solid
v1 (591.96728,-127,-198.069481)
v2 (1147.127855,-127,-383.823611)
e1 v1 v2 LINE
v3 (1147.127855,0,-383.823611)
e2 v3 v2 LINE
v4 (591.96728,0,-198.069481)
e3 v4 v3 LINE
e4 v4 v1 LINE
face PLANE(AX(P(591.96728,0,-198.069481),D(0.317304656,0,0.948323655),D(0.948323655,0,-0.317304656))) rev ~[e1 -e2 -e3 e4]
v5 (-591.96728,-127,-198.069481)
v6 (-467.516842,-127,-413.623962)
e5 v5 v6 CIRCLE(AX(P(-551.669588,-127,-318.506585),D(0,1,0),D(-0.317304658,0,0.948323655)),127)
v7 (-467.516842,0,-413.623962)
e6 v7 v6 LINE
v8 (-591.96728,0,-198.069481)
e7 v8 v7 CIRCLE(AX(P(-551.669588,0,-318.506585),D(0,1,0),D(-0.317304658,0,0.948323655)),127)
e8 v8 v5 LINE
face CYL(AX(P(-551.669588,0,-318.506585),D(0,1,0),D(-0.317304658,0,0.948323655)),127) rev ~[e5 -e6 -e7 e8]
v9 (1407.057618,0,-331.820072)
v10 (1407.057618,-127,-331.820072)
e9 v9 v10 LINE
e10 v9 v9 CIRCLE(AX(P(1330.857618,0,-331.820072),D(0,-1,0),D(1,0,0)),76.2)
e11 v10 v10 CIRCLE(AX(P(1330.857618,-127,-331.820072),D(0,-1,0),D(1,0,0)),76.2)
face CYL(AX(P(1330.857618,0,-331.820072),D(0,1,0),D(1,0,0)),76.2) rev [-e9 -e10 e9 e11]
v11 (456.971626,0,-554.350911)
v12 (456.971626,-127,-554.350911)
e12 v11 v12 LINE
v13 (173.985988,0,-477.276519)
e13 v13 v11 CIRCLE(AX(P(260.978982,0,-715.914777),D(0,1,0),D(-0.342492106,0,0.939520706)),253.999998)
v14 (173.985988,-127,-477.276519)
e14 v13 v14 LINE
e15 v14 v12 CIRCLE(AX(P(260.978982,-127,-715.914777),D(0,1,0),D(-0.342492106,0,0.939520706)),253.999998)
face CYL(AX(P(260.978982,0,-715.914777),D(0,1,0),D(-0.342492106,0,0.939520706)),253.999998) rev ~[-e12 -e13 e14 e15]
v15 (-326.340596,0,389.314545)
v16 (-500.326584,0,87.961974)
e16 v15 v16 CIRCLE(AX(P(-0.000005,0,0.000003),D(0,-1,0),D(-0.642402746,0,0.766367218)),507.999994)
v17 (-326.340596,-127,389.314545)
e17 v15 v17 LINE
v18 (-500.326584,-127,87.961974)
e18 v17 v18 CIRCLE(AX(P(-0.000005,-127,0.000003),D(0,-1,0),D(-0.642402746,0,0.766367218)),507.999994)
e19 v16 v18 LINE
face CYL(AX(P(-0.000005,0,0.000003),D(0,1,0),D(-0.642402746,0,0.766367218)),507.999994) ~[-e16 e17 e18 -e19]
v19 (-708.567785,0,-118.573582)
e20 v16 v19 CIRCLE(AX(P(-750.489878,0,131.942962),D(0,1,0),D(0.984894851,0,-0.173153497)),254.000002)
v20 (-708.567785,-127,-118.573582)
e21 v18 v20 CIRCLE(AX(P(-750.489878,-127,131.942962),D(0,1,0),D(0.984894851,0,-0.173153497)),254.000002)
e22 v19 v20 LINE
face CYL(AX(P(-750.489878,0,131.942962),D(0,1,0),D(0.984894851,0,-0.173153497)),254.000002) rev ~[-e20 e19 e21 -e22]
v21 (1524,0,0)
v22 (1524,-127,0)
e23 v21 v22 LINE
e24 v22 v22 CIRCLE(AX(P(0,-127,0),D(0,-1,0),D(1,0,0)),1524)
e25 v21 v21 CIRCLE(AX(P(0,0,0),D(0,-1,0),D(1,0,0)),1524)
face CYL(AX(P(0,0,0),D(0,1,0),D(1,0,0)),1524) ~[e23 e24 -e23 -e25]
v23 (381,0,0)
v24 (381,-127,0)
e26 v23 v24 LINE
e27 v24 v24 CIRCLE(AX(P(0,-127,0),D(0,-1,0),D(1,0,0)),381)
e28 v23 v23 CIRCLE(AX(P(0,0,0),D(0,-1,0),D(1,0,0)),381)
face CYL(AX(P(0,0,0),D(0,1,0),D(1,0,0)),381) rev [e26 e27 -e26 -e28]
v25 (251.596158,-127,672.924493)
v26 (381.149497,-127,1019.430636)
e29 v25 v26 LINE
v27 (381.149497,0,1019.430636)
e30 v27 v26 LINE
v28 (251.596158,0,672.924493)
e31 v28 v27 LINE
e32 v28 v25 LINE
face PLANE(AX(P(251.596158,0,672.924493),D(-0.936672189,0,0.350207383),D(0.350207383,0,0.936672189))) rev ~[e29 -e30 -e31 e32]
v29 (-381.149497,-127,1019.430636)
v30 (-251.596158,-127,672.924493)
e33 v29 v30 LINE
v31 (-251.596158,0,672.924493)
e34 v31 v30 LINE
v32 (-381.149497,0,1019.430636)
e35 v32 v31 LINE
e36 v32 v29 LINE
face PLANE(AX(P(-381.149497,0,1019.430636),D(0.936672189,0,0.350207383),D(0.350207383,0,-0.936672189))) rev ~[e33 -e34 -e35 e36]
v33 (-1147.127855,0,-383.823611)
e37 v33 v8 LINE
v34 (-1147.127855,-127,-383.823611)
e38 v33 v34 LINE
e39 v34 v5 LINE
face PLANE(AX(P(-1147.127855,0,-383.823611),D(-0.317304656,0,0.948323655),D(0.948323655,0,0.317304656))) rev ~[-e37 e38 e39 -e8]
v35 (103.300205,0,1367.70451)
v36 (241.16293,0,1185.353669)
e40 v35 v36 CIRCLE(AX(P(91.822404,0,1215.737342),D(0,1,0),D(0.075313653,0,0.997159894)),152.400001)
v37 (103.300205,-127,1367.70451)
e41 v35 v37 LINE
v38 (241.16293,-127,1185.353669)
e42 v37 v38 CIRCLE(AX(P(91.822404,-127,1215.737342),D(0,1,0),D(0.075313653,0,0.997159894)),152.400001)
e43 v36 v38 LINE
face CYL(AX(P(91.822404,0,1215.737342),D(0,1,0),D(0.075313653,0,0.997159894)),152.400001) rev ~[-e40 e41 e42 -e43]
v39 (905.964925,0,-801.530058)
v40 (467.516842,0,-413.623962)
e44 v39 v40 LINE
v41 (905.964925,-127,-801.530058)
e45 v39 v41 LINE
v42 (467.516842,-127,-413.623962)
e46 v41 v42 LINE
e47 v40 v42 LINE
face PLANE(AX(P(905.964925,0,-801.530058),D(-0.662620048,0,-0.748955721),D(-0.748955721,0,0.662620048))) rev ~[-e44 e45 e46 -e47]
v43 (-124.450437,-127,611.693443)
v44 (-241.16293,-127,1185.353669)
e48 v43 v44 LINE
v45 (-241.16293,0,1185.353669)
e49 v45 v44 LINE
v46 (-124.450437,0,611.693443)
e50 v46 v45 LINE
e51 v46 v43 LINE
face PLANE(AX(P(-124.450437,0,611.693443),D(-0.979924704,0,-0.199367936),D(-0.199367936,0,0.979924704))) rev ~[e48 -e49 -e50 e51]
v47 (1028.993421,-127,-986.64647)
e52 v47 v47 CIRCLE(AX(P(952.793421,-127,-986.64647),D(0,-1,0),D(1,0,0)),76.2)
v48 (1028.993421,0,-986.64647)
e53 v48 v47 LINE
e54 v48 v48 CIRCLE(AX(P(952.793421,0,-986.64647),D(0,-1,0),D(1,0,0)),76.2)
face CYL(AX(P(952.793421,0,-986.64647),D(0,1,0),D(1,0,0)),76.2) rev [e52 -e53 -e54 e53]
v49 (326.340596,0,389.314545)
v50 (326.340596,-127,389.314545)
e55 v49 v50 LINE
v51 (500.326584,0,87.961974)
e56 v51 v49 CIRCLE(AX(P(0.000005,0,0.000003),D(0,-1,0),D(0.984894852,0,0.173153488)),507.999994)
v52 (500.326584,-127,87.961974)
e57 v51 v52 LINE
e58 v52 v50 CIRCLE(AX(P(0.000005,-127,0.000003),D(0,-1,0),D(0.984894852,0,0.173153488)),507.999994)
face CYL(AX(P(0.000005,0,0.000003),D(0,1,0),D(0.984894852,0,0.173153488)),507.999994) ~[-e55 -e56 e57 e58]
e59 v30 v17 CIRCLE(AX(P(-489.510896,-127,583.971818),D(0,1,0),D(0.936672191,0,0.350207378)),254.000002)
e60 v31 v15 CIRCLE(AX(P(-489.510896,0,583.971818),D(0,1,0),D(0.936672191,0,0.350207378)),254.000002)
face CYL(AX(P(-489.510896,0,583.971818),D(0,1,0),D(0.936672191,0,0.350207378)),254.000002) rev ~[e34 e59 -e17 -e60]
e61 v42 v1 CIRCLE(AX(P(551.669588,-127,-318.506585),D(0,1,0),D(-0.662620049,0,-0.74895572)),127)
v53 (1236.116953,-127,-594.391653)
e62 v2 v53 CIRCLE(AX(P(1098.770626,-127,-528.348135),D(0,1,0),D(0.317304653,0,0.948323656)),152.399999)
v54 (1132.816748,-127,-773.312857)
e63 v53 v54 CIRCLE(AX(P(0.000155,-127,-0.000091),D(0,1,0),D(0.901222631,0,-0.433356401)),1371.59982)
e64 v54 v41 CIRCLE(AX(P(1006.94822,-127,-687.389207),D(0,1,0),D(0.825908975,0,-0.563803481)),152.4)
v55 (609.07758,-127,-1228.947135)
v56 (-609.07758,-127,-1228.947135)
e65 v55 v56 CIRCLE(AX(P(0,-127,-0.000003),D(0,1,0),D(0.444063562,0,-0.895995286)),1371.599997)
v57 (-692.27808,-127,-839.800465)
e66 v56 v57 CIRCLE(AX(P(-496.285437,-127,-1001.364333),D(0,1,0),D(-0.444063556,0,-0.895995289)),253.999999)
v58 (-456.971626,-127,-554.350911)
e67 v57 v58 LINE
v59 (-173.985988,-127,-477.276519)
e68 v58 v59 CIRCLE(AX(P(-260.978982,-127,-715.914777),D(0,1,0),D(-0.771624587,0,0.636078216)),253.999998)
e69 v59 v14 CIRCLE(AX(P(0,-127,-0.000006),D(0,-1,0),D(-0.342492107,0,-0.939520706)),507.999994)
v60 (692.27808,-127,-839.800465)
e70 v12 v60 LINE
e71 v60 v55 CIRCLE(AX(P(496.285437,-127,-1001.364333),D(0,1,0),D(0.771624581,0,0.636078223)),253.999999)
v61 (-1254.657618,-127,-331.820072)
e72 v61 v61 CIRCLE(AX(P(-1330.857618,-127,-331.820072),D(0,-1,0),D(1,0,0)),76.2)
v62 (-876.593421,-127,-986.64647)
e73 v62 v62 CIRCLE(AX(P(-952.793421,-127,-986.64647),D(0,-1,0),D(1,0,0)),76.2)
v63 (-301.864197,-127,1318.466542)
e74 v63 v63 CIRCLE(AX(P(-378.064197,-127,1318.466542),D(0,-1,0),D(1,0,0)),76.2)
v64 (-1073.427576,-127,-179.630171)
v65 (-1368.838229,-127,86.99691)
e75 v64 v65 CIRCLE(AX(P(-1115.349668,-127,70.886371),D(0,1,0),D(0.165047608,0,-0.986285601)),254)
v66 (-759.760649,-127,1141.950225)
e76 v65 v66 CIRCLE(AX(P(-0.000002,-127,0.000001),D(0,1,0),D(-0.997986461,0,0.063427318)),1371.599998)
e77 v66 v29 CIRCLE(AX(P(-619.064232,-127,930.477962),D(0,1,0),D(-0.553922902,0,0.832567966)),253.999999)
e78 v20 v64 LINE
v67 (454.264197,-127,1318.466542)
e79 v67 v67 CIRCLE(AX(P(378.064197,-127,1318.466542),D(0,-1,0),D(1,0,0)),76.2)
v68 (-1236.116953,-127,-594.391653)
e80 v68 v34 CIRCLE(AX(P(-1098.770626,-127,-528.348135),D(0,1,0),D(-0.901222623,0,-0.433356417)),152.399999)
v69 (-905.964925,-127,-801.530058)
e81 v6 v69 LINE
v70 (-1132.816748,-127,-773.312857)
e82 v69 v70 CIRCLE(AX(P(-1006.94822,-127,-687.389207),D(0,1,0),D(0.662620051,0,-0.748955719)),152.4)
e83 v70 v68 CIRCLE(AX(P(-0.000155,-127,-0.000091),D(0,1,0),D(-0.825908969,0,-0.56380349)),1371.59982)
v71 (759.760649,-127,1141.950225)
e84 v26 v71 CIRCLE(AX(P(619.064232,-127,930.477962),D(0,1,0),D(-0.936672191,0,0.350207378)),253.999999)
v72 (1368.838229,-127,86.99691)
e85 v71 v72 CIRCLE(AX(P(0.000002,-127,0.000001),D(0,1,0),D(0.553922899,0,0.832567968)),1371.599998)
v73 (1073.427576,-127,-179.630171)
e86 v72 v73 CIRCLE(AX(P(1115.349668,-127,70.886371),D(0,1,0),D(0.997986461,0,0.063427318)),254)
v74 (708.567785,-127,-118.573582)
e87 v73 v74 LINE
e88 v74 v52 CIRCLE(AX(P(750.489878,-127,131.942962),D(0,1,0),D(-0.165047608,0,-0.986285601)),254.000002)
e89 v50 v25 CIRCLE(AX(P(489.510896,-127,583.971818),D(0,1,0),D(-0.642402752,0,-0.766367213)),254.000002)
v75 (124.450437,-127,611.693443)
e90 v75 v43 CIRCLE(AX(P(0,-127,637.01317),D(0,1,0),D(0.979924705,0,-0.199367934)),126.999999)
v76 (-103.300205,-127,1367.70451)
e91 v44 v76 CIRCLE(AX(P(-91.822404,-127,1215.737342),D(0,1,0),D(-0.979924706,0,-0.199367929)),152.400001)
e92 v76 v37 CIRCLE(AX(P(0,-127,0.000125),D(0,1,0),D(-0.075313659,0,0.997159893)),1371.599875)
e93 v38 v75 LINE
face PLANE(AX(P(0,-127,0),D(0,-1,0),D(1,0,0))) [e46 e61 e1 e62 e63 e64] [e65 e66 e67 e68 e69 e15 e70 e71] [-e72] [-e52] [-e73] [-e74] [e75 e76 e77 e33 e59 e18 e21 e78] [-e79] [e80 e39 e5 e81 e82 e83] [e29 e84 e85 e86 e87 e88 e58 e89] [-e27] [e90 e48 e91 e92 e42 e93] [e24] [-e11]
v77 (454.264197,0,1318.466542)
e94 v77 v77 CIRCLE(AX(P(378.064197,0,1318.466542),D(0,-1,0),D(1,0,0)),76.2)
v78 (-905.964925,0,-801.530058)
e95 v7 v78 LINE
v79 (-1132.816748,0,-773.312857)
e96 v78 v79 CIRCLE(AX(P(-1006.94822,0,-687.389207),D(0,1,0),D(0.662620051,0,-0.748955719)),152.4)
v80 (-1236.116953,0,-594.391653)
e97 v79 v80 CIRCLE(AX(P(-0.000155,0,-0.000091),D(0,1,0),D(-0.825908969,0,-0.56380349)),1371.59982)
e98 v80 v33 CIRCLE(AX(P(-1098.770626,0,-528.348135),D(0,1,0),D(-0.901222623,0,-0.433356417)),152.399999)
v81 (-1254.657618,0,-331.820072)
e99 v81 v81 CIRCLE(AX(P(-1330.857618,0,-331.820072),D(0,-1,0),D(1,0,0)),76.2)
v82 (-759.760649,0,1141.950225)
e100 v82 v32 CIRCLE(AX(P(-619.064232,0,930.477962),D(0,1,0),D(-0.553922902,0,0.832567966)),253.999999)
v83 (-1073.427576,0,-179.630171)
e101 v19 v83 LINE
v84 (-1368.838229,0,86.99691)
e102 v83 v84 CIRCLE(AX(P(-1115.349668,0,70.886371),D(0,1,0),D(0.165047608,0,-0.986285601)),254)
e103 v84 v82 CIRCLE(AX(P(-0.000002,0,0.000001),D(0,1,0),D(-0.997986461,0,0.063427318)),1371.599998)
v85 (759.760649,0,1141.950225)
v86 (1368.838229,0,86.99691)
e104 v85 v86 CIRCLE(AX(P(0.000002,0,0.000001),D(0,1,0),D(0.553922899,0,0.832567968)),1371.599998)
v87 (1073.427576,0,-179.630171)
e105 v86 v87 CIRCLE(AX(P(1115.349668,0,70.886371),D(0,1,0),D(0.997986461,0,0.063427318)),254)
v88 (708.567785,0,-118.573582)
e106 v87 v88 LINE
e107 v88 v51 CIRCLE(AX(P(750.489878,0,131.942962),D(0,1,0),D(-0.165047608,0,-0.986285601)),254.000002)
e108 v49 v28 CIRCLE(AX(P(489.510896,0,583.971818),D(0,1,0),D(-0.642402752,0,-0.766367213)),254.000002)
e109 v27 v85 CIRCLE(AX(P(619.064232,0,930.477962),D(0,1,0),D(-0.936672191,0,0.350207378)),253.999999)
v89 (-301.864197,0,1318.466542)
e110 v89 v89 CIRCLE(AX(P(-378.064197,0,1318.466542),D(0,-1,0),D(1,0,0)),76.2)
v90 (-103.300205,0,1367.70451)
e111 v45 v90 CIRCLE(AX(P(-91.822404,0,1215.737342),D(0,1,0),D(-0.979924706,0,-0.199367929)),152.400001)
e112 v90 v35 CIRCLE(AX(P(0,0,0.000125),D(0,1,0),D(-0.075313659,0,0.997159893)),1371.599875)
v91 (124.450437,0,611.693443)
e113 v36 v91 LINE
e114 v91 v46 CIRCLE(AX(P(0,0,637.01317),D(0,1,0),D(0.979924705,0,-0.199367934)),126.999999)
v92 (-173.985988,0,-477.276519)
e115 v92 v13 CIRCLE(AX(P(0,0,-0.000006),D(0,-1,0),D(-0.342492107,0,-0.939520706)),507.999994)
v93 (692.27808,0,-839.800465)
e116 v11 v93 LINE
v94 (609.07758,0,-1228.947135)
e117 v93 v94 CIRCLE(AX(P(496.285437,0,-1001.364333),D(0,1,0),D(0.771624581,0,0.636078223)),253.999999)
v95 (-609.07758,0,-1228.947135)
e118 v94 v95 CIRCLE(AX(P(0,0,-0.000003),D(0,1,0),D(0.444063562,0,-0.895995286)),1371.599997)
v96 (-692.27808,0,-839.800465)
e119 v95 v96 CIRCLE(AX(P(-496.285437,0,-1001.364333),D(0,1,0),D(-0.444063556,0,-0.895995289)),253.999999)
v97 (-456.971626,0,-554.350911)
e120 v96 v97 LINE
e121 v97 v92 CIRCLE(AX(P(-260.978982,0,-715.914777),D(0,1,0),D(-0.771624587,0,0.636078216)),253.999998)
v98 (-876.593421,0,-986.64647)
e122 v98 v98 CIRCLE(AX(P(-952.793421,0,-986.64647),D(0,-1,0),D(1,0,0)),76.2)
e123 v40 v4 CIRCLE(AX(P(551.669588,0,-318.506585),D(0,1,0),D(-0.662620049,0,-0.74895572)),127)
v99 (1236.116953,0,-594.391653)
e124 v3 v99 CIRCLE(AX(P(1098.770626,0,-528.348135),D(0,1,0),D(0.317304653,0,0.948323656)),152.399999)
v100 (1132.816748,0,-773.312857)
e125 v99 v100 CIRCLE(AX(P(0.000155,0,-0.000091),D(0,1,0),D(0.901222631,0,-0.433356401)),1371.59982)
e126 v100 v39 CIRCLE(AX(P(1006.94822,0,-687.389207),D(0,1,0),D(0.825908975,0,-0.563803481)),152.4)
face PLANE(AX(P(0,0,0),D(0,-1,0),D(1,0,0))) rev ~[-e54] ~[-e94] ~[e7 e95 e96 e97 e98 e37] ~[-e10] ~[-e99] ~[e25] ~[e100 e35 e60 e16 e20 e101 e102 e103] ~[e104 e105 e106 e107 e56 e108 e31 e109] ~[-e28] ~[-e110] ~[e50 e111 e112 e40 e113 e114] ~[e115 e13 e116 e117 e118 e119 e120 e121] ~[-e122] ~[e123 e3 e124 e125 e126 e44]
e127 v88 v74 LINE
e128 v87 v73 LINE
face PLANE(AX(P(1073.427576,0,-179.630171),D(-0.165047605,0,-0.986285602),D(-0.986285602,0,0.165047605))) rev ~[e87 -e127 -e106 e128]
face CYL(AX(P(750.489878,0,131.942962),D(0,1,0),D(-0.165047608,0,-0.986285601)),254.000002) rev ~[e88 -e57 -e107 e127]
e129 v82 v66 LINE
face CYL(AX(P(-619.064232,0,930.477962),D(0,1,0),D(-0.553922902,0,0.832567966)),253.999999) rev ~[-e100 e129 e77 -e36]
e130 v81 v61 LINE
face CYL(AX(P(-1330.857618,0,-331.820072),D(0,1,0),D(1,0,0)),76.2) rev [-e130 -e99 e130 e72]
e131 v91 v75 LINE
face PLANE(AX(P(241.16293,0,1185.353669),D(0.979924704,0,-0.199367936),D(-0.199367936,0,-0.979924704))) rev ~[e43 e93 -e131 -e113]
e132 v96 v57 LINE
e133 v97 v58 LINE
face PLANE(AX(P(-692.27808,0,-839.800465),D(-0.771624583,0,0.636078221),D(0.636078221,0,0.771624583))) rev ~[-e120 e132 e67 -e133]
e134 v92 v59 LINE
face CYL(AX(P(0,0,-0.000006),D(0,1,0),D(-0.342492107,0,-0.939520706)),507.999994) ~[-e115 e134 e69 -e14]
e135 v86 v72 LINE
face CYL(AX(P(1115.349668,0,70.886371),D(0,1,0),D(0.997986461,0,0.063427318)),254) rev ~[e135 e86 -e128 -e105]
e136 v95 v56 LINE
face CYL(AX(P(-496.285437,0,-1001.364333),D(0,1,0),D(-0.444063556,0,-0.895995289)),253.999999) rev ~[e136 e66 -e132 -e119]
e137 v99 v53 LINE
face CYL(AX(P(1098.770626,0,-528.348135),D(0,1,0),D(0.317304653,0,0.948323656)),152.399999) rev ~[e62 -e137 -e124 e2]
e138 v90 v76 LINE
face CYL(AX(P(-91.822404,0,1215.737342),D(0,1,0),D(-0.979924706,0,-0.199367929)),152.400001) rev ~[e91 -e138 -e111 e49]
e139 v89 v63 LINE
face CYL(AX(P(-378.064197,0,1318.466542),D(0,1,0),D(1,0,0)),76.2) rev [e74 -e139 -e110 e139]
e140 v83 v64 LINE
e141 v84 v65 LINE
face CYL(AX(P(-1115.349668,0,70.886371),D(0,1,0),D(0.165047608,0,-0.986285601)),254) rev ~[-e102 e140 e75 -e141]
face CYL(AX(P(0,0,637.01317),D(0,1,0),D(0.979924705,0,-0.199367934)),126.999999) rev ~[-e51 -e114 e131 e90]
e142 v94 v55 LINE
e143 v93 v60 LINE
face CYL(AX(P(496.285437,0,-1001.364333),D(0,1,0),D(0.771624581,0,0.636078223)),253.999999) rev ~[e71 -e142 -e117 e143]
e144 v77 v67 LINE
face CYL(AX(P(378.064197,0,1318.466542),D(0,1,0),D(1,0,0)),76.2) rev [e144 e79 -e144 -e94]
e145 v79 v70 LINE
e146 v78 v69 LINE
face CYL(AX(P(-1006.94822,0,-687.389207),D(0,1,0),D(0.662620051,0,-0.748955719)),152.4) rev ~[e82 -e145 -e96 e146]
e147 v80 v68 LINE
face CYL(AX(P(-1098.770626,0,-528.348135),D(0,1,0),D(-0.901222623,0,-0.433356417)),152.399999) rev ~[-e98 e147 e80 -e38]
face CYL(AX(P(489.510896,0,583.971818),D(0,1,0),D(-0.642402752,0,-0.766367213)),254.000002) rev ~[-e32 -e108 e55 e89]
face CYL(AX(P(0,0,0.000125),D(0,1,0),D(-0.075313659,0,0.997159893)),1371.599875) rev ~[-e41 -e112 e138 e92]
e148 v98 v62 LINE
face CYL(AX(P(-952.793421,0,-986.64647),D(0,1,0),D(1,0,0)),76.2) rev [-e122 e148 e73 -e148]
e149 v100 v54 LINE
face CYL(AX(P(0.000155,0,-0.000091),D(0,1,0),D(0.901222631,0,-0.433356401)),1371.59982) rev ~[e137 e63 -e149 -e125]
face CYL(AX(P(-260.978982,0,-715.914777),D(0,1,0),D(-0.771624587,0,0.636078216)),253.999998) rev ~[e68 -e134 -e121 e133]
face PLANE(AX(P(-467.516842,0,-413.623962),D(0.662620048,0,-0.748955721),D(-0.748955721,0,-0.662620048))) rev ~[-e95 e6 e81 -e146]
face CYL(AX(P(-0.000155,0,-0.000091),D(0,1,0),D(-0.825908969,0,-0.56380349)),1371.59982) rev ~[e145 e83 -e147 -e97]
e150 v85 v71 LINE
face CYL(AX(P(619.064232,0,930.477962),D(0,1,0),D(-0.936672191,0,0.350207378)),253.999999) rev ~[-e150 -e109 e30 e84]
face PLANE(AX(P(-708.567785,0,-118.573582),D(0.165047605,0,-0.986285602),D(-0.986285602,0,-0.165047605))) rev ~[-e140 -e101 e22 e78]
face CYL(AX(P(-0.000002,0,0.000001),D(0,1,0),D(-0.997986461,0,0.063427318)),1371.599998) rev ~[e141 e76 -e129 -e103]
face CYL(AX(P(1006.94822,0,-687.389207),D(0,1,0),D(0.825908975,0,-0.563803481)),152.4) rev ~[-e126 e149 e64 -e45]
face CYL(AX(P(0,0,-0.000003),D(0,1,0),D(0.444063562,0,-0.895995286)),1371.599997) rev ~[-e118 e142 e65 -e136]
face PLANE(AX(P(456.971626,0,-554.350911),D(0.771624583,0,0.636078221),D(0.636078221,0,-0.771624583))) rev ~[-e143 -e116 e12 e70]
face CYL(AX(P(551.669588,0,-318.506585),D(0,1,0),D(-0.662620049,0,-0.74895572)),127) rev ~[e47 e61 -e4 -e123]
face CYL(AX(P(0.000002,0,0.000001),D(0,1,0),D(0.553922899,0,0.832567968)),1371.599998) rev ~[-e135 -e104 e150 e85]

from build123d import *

# Parameters (mm, degrees)
F0_R     = 1524
F0_R_2   = 76.2
F0_R_3   = 381
F1_DEPTH = 127


with BuildPart() as f1:
    # F0 (on Front) → F1 (new body)
    with BuildSketch(Plane.XZ):
        Circle(F0_R)
        with Locations((-952.793421, -986.64647)):
            Circle(F0_R_2, mode=Mode.SUBTRACT)
        with BuildLine():
            ThreePointArc((-1236.116953, -594.391653), (-1239.14932, -469.02207), (-1147.127855, -383.823611))
            Line((-1147.127855, -383.823611), (-591.96728, -198.069481))
            ThreePointArc((-591.96728, -198.069481), (-441.684362, -255.006585), (-467.516842, -413.623962))
            Line((-467.516842, -413.623962), (-905.964925, -801.530058))
            ThreePointArc((-905.964925, -801.530058), (-1025.759688, -838.623755), (-1132.816748, -773.312857))
            ThreePointArc((-1132.816748, -773.312857), (-1187.840444, -685.8), (-1236.116953, -594.391653))
        make_face(mode=Mode.SUBTRACT)
        with Locations((-1330.857618, -331.820072)):
            Circle(F0_R_2, mode=Mode.SUBTRACT)
        with BuildLine():
            ThreePointArc((-456.971626, -554.350911), (-327.727364, -470.842027), (-173.985988, -477.276519))
            ThreePointArc((-173.985988, -477.276519), (0, -508), (173.985988, -477.276519))
            ThreePointArc((173.985988, -477.276519), (327.727364, -470.842027), (456.971626, -554.350911))
            Line((456.971626, -554.350911), (692.27808, -839.800465))
            ThreePointArc((692.27808, -839.800465), (744.671817, -1054.469942), (609.07758, -1228.947135))
            ThreePointArc((609.07758, -1228.947135), (0, -1371.6), (-609.07758, -1228.947135))
            ThreePointArc((-609.07758, -1228.947135), (-744.671817, -1054.469942), (-692.27808, -839.800465))
            Line((-692.27808, -839.800465), (-456.971626, -554.350911))
        make_face(mode=Mode.SUBTRACT)
        with Locations((952.793421, -986.64647)):
            Circle(F0_R_2, mode=Mode.SUBTRACT)
        with BuildLine():
            ThreePointArc((1132.816748, -773.312857), (1025.759688, -838.623755), (905.964925, -801.530058))
            Line((905.964925, -801.530058), (467.516842, -413.623962))
            ThreePointArc((467.516842, -413.623962), (441.684362, -255.006585), (591.96728, -198.069481))
            Line((591.96728, -198.069481), (1147.127855, -383.823611))
            ThreePointArc((1147.127855, -383.823611), (1239.14932, -469.02207), (1236.116953, -594.391653))
            ThreePointArc((1236.116953, -594.391653), (1187.840444, -685.8), (1132.816748, -773.312857))
        make_face(mode=Mode.SUBTRACT)
        with Locations((1330.857618, -331.820072)):
            Circle(F0_R_2, mode=Mode.SUBTRACT)
        with BuildLine():
            ThreePointArc((-251.596158, 672.924493), (-243.897475, 519.241236), (-326.340596, 389.314545))
            ThreePointArc((-326.340596, 389.314545), (-439.940905, 254), (-500.326584, 87.961974))
            ThreePointArc((-500.326584, 87.961974), (-571.624839, -48.399209), (-708.567785, -118.573582))
            Line((-708.567785, -118.573582), (-1073.427576, -179.630171))
            ThreePointArc((-1073.427576, -179.630171), (-1285.533665, -117.66974), (-1368.838229, 86.99691))
            ThreePointArc((-1368.838229, 86.99691), (-1187.840444, 685.8), (-759.760649, 1141.950225))
            ThreePointArc((-759.760649, 1141.950225), (-540.861849, 1172.139682), (-381.149497, 1019.430636))
            Line((-381.149497, 1019.430636), (-251.596158, 672.924493))
        make_face(mode=Mode.SUBTRACT)
        with Locations((-378.064197, 1318.466542)):
            Circle(F0_R_2, mode=Mode.SUBTRACT)
        Circle(F0_R_3, mode=Mode.SUBTRACT)
        with BuildLine():
            ThreePointArc((708.567785, -118.573582), (571.624839, -48.399209), (500.326584, 87.961974))
            ThreePointArc((500.326584, 87.961974), (439.940905, 254), (326.340596, 389.314545))
            ThreePointArc((326.340596, 389.314545), (243.897475, 519.241236), (251.596158, 672.924493))
            Line((251.596158, 672.924493), (381.149497, 1019.430636))
            ThreePointArc((381.149497, 1019.430636), (540.861849, 1172.139682), (759.760649, 1141.950225))
            ThreePointArc((759.760649, 1141.950225), (1187.840444, 685.8), (1368.838229, 86.99691))
            ThreePointArc((1368.838229, 86.99691), (1285.533665, -117.66974), (1073.427576, -179.630171))
            Line((1073.427576, -179.630171), (708.567785, -118.573582))
        make_face(mode=Mode.SUBTRACT)
        with BuildLine():
            ThreePointArc((-103.300205, 1367.70451), (0, 1371.6), (103.300205, 1367.70451))
            ThreePointArc((103.300205, 1367.70451), (213.389632, 1307.645825), (241.16293, 1185.353669))
            Line((241.16293, 1185.353669), (124.450437, 611.693443))
            ThreePointArc((124.450437, 611.693443), (0, 510.013171), (-124.450437, 611.693443))
            Line((-124.450437, 611.693443), (-241.16293, 1185.353669))
            ThreePointArc((-241.16293, 1185.353669), (-213.389632, 1307.645825), (-103.300205, 1367.70451))
        make_face(mode=Mode.SUBTRACT)
        with Locations((378.064197, 1318.466542)):
            Circle(F0_R_2, mode=Mode.SUBTRACT)
    extrude(amount=F1_DEPTH)


solid = f1.part
